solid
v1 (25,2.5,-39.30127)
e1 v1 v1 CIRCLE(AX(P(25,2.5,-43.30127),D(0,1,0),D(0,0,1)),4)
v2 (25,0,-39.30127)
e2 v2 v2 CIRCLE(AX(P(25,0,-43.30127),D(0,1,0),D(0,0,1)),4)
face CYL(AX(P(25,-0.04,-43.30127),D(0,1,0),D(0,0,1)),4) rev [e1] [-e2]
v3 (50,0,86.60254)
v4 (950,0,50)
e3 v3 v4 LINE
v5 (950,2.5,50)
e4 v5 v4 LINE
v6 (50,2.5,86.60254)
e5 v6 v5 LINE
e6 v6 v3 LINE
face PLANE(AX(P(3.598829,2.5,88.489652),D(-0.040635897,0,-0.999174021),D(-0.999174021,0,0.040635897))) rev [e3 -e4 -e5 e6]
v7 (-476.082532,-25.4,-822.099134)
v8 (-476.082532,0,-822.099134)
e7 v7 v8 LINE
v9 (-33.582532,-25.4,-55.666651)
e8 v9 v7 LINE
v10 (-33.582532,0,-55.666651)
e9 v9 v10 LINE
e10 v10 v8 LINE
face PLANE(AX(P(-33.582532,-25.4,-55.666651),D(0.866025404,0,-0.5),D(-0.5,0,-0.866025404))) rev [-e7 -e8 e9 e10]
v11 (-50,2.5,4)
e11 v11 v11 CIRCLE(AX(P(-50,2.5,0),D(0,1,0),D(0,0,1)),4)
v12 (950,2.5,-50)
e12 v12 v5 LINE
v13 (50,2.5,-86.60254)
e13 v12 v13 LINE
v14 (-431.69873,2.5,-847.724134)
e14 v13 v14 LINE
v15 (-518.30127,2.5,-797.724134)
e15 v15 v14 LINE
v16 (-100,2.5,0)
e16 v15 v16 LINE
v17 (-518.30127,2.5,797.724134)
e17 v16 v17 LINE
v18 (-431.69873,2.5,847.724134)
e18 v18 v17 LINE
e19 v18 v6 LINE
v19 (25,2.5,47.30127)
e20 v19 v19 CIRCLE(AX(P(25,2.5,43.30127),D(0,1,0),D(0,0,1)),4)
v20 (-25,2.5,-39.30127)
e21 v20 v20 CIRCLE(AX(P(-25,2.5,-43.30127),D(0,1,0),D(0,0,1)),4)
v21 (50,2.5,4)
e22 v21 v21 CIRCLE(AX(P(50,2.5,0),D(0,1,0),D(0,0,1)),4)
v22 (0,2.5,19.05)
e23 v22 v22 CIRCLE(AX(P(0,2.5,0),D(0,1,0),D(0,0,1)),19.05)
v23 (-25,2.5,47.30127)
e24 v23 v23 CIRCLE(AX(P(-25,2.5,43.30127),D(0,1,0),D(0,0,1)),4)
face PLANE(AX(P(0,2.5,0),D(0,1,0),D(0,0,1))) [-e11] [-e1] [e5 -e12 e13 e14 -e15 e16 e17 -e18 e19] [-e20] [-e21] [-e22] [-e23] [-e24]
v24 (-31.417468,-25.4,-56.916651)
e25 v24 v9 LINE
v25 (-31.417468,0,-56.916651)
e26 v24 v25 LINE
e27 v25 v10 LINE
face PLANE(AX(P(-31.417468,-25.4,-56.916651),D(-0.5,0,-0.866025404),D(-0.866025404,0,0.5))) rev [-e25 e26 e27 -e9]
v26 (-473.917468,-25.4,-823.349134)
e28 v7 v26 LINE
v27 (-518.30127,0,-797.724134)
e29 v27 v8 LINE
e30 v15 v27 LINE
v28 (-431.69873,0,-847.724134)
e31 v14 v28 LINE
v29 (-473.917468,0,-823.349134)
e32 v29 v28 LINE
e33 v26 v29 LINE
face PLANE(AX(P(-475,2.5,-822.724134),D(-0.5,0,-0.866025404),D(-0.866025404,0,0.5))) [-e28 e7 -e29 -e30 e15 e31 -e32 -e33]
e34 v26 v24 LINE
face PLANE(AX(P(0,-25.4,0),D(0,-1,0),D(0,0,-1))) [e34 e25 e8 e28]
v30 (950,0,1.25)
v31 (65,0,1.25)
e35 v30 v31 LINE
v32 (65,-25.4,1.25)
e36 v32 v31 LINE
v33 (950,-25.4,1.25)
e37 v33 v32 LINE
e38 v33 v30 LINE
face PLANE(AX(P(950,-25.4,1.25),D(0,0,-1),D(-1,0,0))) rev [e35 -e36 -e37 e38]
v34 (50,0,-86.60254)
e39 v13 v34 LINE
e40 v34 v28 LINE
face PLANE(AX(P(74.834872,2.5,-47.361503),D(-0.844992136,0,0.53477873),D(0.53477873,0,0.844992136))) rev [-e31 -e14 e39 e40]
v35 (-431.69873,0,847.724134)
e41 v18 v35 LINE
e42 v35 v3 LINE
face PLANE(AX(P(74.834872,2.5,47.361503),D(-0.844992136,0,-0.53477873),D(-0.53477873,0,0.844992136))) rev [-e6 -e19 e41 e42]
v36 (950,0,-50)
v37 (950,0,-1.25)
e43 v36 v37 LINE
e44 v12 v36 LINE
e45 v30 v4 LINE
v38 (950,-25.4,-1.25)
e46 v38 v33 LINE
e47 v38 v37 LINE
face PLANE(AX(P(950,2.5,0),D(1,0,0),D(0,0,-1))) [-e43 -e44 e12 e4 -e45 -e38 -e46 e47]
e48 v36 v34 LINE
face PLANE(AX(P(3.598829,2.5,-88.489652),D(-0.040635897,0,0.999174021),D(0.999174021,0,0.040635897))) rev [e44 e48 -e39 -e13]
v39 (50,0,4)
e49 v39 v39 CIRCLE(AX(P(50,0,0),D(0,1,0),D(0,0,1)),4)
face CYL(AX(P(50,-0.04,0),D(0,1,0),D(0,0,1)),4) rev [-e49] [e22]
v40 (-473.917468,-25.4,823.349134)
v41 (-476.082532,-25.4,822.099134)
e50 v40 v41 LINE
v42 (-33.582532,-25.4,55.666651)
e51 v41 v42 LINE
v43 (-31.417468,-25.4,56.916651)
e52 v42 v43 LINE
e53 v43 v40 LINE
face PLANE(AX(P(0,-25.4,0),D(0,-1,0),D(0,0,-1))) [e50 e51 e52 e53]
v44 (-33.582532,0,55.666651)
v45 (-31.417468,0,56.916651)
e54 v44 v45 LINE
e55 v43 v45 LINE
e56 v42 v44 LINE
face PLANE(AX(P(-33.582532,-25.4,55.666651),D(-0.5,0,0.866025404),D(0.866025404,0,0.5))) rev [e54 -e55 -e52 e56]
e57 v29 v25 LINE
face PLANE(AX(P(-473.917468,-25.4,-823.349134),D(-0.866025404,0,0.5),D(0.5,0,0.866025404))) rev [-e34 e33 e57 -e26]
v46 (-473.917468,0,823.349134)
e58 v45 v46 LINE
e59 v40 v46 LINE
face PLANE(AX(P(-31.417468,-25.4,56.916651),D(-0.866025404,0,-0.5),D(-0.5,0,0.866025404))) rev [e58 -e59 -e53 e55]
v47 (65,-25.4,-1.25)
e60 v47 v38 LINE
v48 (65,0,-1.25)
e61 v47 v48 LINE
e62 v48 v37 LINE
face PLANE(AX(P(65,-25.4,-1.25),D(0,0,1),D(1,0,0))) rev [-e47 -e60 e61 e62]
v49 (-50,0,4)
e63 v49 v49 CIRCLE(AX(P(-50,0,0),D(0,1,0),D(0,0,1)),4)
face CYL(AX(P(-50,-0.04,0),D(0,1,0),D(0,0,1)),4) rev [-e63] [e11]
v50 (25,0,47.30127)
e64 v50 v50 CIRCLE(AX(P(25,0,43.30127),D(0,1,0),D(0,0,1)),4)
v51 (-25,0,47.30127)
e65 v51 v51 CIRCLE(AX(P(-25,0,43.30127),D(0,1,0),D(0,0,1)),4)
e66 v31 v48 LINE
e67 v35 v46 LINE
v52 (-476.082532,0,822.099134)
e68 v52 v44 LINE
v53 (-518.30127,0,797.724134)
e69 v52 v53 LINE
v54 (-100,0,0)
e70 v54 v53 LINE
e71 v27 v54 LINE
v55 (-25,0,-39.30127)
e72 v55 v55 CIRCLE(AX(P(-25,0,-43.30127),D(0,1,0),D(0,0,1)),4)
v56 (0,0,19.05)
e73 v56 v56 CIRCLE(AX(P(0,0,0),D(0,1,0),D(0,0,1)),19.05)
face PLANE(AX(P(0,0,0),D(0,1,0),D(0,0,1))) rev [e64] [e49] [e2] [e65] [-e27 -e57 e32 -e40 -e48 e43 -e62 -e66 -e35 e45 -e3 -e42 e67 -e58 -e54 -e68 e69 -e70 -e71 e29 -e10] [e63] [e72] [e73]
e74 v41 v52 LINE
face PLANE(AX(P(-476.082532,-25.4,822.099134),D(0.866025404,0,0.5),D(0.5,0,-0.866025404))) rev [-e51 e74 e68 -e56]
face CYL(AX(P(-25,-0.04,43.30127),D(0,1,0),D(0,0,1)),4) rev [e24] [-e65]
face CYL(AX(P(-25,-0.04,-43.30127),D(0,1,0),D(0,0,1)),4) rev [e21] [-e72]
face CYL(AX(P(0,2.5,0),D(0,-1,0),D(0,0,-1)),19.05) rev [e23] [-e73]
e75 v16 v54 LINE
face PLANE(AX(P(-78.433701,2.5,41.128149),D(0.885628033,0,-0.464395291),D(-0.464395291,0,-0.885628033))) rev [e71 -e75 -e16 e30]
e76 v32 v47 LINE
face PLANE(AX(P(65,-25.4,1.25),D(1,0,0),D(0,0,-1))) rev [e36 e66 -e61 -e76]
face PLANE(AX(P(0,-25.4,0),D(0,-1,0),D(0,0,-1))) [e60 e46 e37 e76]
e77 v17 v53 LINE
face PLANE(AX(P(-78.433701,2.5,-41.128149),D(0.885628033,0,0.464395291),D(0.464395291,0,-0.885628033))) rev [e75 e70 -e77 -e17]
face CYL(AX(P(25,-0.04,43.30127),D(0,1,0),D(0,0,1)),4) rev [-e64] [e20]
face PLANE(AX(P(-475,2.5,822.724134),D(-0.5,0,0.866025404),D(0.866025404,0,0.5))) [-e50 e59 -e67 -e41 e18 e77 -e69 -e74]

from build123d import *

# Parameters (mm, degrees)
CROQUIS1_R              = 19.05
SALIENTE_EXTRUIR3_DEPTH = 2.5
CROQUIS2_W              = 885
CROQUIS2_H              = 2.5
SALIENTE_EXTRUIR4_DEPTH = 25.4
CROQUIS4_R              = 4
CORTAR_EXTRUIR1_DEPTH   = 2.54


with BuildPart() as part:
    # Croquis1 → Saliente-Extruir3 (new body)
    with BuildSketch(Plane(origin=(0, 0, 0), x_dir=(1, 0, 0), z_dir=(0, 1, 0))):
        Polygon((-431.698729811, -847.724133595), (-518.301270189, -797.724133595), (-100, 0), (-518.301270189, 797.724133595), (-431.698729811, 847.724133595), (50, 86.602540378), (950, 50), (950, -50), (50, -86.602540378), align=None)
        Circle(CROQUIS1_R, mode=Mode.SUBTRACT)
    extrude(amount=SALIENTE_EXTRUIR3_DEPTH)

    # Croquis2 → Saliente-Extruir4 (add)
    with BuildSketch(Plane.XZ):
        with Locations((507.5, 0)):
            Rectangle(CROQUIS2_W, CROQUIS2_H)
        Polygon((-473.917468245, -823.349133595), (-31.417468245, -56.916651246), (-33.582531755, -55.666651246), (-476.082531755, -822.099133595), align=None)
        Polygon((-476.082531755, 822.099133595), (-33.582531755, 55.666651246), (-31.417468245, 56.916651246), (-473.917468245, 823.349133595), align=None)
    extrude(amount=SALIENTE_EXTRUIR4_DEPTH)

    # Croquis4 → Cortar-Extruir1 (cut)
    with BuildSketch(Plane(origin=(0, 2.5, 0), x_dir=(1, 0, 0), z_dir=(0, 1, 0))):
        with Locations((25, -43.301270189)):
            Circle(CROQUIS4_R)
        with Locations((-25, -43.301270189)):
            Circle(CROQUIS4_R)
        with Locations((-50, 0)):
            Circle(CROQUIS4_R)
        with Locations((-25, 43.301270189)):
            Circle(CROQUIS4_R)
        with Locations((25, 43.301270189)):
            Circle(CROQUIS4_R)
        with Locations((50, 0)):
            Circle(CROQUIS4_R)
    extrude(amount=-CORTAR_EXTRUIR1_DEPTH, mode=Mode.SUBTRACT)


solid = part.part
